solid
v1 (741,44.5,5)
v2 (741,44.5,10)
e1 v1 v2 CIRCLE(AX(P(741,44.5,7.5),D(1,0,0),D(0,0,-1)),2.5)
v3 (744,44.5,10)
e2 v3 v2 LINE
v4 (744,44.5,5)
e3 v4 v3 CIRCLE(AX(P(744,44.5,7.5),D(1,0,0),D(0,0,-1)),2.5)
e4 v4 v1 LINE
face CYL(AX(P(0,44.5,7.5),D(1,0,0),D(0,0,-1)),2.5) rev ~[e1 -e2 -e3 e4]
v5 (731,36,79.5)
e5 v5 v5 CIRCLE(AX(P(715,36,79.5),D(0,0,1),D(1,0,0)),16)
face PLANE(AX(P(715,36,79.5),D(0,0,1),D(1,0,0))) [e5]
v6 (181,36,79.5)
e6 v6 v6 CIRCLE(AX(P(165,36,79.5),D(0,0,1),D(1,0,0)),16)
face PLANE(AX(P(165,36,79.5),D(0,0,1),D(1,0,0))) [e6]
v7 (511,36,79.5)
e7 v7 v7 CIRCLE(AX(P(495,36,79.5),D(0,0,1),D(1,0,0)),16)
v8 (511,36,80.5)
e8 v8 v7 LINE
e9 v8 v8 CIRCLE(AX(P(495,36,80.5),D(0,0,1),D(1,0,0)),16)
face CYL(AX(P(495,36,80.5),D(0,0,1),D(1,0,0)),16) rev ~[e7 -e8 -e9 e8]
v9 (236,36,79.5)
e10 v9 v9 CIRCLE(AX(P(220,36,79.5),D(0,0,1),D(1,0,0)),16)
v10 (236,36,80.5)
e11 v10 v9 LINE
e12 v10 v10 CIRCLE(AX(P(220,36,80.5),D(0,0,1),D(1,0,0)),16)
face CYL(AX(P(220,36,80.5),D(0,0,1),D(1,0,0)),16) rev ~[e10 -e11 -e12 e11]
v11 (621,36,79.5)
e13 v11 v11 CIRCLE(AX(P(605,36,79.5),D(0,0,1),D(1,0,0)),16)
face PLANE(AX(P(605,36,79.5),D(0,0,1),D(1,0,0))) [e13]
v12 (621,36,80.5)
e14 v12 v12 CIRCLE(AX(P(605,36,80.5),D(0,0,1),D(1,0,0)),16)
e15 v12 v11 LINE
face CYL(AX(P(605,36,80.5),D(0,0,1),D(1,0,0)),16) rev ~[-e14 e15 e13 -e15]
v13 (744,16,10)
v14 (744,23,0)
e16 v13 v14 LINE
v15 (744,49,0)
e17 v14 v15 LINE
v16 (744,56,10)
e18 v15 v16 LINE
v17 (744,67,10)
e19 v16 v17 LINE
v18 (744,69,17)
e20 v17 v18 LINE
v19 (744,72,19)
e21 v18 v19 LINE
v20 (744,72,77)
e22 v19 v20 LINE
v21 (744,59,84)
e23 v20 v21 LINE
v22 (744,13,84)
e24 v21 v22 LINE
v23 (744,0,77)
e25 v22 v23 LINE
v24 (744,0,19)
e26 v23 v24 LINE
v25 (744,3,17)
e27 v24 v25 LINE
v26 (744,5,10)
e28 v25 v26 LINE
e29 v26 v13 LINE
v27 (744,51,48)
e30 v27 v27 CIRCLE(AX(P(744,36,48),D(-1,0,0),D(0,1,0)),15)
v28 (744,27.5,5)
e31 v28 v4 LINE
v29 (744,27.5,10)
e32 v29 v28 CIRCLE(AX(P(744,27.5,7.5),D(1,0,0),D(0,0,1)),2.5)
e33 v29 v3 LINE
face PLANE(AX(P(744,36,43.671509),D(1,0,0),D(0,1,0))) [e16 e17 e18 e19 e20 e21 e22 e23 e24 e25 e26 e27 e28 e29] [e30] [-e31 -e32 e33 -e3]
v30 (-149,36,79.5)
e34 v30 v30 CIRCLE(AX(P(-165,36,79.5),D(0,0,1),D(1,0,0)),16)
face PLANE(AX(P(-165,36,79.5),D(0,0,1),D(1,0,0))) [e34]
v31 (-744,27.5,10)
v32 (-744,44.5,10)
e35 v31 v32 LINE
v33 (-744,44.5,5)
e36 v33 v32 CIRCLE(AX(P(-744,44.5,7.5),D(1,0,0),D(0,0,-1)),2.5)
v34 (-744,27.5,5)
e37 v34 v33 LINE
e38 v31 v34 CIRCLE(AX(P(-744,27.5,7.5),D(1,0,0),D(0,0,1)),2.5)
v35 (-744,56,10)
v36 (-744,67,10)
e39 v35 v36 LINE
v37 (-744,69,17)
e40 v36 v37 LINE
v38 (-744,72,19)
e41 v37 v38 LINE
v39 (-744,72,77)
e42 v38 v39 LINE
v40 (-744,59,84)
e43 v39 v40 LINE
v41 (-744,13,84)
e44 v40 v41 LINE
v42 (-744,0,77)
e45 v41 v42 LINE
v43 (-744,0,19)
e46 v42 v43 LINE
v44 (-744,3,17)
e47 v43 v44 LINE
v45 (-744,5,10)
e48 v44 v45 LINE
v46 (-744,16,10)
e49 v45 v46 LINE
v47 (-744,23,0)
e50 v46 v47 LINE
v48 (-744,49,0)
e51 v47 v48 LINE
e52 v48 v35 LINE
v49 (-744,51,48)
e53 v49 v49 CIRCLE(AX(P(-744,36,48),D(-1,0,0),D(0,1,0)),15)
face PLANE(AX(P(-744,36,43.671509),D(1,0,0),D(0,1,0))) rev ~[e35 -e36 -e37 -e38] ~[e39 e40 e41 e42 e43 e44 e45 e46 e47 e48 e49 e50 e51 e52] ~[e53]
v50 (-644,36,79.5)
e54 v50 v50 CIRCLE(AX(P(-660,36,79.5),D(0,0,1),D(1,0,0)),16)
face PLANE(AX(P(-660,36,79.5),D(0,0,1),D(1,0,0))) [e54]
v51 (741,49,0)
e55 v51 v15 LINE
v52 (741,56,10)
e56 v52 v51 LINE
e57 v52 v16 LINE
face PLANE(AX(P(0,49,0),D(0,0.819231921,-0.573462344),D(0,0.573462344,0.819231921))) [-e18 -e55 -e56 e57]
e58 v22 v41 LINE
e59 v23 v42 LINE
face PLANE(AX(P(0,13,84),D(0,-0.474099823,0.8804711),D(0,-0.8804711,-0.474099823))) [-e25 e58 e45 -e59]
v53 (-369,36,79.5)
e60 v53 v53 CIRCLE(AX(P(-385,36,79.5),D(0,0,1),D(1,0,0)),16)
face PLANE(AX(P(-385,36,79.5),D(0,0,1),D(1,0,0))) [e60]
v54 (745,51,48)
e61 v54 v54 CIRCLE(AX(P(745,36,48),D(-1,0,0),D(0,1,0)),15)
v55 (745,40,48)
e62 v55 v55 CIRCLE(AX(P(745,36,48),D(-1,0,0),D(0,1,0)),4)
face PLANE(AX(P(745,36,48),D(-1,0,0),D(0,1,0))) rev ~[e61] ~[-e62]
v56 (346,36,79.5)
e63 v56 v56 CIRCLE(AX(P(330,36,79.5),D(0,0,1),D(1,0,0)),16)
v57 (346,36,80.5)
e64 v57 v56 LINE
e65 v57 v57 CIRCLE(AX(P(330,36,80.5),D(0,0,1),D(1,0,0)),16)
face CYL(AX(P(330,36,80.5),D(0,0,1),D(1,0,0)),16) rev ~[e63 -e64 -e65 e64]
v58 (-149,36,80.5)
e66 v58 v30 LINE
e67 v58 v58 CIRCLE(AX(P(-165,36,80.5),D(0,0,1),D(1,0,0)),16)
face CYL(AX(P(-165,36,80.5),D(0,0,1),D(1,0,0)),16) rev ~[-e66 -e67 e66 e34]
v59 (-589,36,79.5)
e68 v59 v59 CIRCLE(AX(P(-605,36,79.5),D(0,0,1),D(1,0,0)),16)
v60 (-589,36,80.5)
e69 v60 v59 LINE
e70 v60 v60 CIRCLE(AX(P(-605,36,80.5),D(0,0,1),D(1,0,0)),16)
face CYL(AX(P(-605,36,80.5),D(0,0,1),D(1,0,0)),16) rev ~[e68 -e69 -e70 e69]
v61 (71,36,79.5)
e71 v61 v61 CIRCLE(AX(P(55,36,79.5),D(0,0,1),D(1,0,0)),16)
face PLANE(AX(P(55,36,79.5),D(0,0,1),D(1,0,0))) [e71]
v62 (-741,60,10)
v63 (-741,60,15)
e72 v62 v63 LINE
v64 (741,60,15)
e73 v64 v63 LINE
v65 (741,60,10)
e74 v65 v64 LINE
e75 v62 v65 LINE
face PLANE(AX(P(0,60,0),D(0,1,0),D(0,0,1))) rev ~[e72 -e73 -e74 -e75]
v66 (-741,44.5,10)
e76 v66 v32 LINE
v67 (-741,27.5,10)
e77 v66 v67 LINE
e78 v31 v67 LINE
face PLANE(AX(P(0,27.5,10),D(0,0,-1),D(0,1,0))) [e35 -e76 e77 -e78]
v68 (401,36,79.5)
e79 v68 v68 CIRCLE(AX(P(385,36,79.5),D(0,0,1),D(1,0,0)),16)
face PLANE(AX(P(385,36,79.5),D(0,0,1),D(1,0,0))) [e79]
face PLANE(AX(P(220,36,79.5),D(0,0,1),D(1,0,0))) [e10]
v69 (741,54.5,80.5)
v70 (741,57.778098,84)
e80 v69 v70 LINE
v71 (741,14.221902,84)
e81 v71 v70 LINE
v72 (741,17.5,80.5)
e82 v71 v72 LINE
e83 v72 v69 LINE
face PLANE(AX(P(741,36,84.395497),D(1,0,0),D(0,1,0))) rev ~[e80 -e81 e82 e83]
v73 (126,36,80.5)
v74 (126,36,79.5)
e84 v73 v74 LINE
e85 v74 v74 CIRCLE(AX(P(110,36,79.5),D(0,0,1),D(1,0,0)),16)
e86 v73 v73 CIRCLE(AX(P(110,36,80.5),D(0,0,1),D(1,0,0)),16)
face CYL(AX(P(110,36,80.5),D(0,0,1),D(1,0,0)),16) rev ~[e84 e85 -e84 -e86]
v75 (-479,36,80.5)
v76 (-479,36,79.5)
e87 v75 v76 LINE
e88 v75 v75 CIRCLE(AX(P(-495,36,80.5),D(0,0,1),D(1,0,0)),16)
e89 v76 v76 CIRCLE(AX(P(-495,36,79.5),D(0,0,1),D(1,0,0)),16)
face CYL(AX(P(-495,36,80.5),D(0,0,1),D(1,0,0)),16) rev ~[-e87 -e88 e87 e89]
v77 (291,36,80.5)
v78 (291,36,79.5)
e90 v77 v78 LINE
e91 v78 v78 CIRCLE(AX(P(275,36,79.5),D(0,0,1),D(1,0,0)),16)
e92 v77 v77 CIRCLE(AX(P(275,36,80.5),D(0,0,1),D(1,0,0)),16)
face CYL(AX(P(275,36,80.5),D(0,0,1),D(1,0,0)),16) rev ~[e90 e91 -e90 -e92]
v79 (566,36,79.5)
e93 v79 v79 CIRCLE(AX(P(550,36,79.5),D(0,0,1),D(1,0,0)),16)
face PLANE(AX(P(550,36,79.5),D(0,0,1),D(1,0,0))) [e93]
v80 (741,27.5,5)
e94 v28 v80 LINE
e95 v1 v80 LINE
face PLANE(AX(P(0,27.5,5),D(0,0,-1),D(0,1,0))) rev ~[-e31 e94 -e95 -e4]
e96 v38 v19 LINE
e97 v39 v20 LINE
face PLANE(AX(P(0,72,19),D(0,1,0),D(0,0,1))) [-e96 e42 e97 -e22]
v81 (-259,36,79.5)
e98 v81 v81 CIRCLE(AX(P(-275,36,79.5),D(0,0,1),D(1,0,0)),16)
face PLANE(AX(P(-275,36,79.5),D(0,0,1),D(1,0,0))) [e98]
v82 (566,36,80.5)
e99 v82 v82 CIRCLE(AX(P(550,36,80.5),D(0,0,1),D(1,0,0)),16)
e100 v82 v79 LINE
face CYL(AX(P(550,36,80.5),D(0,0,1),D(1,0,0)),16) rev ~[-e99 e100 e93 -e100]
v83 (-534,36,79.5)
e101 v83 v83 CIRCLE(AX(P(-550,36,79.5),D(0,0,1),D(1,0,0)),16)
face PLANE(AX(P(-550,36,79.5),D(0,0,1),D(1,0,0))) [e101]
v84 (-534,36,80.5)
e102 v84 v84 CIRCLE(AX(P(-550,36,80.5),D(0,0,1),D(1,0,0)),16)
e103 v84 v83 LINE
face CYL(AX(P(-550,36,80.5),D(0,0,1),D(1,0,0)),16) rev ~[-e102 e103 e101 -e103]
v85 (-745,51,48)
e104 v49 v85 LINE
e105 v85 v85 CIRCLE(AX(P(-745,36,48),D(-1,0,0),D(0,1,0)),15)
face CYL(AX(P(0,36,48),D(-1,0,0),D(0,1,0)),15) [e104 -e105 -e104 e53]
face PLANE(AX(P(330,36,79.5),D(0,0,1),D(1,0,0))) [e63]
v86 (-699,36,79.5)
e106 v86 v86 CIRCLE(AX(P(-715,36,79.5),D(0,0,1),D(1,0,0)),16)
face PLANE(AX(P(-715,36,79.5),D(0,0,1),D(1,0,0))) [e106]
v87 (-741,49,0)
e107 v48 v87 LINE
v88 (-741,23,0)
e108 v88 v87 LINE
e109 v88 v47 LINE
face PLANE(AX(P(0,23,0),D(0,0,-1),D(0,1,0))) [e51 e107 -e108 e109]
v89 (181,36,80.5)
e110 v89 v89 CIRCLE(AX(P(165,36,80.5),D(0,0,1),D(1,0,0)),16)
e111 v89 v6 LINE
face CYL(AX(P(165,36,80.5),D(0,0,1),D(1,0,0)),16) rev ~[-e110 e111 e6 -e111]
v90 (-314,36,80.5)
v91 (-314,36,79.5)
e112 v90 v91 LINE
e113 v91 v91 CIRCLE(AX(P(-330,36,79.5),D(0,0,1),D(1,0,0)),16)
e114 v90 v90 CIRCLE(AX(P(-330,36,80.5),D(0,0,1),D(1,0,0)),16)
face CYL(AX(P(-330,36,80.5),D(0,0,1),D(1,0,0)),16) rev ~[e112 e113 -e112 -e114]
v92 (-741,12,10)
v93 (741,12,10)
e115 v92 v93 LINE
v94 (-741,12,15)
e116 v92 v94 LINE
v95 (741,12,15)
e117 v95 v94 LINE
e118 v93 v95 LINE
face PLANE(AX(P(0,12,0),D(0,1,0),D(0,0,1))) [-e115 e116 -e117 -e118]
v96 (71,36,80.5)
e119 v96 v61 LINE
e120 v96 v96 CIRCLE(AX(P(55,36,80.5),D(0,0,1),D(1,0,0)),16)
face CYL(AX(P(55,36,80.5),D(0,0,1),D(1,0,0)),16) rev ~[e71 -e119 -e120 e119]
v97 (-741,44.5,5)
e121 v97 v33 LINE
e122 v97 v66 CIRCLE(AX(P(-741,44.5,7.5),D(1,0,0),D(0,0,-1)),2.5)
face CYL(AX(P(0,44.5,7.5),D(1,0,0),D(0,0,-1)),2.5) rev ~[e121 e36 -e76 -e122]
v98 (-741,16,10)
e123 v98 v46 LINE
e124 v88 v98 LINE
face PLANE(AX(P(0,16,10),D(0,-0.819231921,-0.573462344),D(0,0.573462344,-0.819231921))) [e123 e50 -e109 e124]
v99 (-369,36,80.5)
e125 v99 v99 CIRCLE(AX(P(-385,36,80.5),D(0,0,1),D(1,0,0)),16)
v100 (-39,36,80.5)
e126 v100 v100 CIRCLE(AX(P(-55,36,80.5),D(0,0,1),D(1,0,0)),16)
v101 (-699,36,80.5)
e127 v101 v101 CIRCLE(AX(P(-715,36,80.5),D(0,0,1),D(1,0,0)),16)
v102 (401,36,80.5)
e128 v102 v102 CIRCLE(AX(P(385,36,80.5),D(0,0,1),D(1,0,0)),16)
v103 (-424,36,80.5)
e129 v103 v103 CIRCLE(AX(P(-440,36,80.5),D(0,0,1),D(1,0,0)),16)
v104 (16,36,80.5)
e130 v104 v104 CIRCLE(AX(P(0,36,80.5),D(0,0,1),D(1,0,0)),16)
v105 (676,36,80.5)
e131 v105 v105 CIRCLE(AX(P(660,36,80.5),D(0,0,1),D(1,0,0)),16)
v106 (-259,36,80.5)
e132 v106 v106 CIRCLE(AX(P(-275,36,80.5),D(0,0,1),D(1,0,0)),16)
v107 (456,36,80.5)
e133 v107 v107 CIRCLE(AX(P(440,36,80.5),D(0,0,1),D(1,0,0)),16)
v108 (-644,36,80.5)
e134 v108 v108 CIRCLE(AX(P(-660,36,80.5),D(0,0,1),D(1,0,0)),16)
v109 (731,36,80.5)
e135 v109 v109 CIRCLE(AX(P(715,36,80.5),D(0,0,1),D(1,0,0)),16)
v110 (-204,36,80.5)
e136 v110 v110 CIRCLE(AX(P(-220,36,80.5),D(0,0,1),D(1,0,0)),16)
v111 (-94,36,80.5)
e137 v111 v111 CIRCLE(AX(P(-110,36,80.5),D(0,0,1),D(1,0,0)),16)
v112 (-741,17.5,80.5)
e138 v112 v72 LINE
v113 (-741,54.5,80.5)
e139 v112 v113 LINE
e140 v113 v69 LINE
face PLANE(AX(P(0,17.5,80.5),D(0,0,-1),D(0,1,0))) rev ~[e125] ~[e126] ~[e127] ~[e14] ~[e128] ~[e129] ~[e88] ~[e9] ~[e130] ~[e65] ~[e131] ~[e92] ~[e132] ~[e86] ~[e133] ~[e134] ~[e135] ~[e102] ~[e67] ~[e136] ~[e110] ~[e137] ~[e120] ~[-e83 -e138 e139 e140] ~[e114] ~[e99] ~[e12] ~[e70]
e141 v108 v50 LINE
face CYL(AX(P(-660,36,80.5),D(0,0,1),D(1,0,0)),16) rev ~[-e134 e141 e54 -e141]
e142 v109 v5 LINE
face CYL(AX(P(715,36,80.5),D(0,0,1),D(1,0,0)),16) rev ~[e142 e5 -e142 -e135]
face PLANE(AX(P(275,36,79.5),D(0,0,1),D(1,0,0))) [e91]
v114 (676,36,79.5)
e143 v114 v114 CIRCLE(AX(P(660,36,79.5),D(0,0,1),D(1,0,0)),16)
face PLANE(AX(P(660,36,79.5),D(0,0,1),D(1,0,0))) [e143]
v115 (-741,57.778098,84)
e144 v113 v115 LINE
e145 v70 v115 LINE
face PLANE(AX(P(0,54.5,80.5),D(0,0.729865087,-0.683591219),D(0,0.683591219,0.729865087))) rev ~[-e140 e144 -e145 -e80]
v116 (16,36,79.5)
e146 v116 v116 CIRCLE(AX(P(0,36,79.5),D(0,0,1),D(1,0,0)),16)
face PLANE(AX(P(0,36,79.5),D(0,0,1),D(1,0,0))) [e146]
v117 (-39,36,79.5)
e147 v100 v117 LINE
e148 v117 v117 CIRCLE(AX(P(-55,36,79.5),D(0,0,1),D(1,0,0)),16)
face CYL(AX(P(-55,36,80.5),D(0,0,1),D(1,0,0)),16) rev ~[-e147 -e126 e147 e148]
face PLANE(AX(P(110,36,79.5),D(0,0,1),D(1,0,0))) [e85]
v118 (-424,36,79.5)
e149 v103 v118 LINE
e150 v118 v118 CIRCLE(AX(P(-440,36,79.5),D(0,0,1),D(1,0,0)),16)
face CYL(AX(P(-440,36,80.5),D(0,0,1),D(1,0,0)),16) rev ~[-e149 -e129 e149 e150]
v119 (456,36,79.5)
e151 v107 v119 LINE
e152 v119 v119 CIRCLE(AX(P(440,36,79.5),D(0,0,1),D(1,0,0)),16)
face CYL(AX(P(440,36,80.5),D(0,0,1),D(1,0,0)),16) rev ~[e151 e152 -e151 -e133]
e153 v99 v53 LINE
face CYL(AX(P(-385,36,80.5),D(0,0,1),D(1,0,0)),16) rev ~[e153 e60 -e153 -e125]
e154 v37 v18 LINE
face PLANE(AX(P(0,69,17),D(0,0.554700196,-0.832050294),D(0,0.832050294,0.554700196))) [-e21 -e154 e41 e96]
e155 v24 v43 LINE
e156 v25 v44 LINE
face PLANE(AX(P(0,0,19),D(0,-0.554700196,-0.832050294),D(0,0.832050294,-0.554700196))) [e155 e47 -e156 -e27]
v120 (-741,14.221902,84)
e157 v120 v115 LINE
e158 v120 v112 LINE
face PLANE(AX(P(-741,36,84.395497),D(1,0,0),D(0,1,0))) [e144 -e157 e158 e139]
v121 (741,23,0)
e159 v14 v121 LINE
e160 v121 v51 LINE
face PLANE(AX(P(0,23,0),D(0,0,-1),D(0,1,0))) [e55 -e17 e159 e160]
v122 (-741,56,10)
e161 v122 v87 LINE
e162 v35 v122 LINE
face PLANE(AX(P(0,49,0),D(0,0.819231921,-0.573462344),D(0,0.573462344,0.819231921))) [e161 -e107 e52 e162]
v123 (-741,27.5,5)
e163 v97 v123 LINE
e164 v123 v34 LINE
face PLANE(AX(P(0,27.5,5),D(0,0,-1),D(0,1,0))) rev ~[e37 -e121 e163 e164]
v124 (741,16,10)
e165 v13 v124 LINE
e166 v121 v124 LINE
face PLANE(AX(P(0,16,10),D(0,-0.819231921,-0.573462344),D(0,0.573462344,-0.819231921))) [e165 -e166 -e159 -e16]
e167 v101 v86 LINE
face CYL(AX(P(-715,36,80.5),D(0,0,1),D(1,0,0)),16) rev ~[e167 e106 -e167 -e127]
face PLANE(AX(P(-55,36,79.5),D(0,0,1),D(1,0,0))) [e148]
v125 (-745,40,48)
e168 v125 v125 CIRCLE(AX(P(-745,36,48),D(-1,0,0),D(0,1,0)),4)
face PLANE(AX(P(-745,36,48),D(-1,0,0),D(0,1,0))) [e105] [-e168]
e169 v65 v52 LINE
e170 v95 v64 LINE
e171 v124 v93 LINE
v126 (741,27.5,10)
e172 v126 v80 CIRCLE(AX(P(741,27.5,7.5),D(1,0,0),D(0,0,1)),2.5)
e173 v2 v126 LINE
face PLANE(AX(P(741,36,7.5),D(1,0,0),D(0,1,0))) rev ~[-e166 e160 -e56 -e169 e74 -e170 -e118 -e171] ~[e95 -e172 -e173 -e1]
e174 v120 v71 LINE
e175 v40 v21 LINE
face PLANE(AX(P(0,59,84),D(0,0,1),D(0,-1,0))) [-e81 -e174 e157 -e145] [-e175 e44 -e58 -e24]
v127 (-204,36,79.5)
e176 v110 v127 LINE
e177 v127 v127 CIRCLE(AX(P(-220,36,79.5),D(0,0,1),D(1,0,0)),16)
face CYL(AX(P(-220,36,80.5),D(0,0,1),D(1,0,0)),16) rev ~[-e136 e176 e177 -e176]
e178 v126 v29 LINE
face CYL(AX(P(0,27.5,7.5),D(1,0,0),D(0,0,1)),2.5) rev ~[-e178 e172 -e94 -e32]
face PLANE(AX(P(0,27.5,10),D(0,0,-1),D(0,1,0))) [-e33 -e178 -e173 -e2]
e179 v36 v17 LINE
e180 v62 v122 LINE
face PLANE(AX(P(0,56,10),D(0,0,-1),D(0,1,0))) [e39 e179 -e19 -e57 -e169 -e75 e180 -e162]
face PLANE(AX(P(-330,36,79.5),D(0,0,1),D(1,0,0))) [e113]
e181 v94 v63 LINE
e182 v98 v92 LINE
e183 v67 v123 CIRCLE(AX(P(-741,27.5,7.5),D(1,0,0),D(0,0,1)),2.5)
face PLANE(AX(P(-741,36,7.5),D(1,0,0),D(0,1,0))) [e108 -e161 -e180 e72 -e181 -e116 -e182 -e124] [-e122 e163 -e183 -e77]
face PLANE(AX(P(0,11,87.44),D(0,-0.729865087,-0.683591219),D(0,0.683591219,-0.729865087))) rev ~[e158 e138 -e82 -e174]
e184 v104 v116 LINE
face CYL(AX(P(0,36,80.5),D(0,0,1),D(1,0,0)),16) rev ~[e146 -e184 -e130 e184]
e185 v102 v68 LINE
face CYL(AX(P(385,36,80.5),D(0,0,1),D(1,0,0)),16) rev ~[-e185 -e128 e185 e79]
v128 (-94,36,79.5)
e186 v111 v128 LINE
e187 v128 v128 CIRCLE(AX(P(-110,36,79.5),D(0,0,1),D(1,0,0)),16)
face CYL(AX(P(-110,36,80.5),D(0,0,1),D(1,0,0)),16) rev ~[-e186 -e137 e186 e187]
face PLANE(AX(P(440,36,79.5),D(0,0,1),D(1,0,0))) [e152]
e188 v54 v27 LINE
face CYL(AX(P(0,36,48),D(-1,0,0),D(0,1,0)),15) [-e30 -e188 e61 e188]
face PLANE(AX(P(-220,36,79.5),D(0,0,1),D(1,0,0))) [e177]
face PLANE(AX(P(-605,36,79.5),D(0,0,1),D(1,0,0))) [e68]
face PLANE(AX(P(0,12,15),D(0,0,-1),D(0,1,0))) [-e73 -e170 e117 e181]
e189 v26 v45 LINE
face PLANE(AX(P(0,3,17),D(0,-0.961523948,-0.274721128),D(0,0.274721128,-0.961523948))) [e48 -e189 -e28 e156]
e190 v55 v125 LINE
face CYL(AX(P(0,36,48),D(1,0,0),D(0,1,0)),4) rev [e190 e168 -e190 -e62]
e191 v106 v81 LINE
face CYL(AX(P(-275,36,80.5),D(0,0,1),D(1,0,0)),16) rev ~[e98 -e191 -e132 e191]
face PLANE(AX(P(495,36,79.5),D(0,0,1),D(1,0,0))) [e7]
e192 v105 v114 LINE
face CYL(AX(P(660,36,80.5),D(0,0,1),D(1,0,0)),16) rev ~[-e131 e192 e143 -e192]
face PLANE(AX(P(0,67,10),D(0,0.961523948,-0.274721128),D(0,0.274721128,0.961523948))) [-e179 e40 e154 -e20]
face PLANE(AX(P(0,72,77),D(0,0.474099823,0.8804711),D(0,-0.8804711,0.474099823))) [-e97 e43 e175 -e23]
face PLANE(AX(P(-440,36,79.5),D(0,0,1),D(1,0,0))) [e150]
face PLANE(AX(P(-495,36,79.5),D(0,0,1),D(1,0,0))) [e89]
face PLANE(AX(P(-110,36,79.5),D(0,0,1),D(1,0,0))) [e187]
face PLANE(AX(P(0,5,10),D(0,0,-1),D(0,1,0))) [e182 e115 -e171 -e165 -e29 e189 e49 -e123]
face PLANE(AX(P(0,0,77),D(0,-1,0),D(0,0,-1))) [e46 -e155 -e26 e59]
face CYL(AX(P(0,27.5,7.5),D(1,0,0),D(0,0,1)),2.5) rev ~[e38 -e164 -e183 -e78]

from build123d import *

# Parameters (mm, degrees)
SKETCH_R        = 4
PAD_DEPTH       = 744
POCKET_DEPTH    = 741
SKETCH001_R     = 15
SKETCH001_R_2   = 4
PAD001_DEPTH    = 745
SKETCH003_R     = 16
POCKET001_DEPTH = 1
SKETCH004_W     = 48
SKETCH004_H     = 15
POCKET002_DEPTH = 741


with BuildPart() as part:
    # Sketch → Pad (new body, symmetric)
    with BuildSketch(Plane.YZ):
        Polygon((23, 0), (49, 0), (56, 10), (67, 10), (69, 17), (72, 19), (72, 77), (59, 84), (13, 84), (0, 77), (0, 19), (3, 17), (5, 10), (16, 10), align=None)
        with Locations((36, 48)):
            Circle(SKETCH_R, mode=Mode.SUBTRACT)
        with BuildLine():
            ThreePointArc((27.5, 10), (25, 7.5), (27.5, 5))
            Line((27.5, 5), (44.5, 5))
            ThreePointArc((44.5, 5), (47, 7.5), (44.5, 10))
            Line((27.5, 10), (44.5, 10))
        make_face(mode=Mode.SUBTRACT)
    extrude(amount=PAD_DEPTH, both=True)

    # Sketch002 → Pocket (cut, symmetric)
    with BuildSketch(Plane.YZ):
        Polygon((11, 87.44), (17.5, 80.5), (54.5, 80.5), (61, 87.44), align=None)
    extrude(amount=POCKET_DEPTH, both=True, mode=Mode.SUBTRACT)

    # Sketch001 → Pad001 (join, symmetric)
    with BuildSketch(Plane(origin=(0, 0, 0), x_dir=(0, 1, 0), z_dir=(-1, 0, 0))):
        with Locations((36, -48)):
            Circle(SKETCH001_R)
        with Locations((36, -48)):
            Circle(SKETCH001_R_2, mode=Mode.SUBTRACT)
    extrude(amount=PAD001_DEPTH, both=True)

    # Sketch003 (on Face29 of Pad001) → Pocket001 (cut)
    with BuildSketch(Plane.XY.offset(80.5)):
        with Locations((-715, 36)):
            Circle(SKETCH003_R)
        with Locations((-660, 36)):
            Circle(SKETCH003_R)
        with Locations((-605, 36)):
            Circle(SKETCH003_R)
        with Locations((-550, 36)):
            Circle(SKETCH003_R)
        with Locations((-495, 36)):
            Circle(SKETCH003_R)
        with Locations((-440, 36)):
            Circle(SKETCH003_R)
        with Locations((-385, 36)):
            Circle(SKETCH003_R)
        with Locations((-330, 36)):
            Circle(SKETCH003_R)
        with Locations((-275, 36)):
            Circle(SKETCH003_R)
        with Locations((-220, 36)):
            Circle(SKETCH003_R)
        with Locations((-165, 36)):
            Circle(SKETCH003_R)
        with Locations((-110, 36)):
            Circle(SKETCH003_R)
        with Locations((-55, 36)):
            Circle(SKETCH003_R)
        with Locations((0, 36)):
            Circle(SKETCH003_R)
        with Locations((55, 36)):
            Circle(SKETCH003_R)
        with Locations((110, 36)):
            Circle(SKETCH003_R)
        with Locations((165, 36)):
            Circle(SKETCH003_R)
        with Locations((220, 36)):
            Circle(SKETCH003_R)
        with Locations((275, 36)):
            Circle(SKETCH003_R)
        with Locations((330, 36)):
            Circle(SKETCH003_R)
        with Locations((385, 36)):
            Circle(SKETCH003_R)
        with Locations((440, 36)):
            Circle(SKETCH003_R)
        with Locations((495, 36)):
            Circle(SKETCH003_R)
        with Locations((550, 36)):
            Circle(SKETCH003_R)
        with Locations((605, 36)):
            Circle(SKETCH003_R)
        with Locations((660, 36)):
            Circle(SKETCH003_R)
        with Locations((715, 36)):
            Circle(SKETCH003_R)
    extrude(amount=-POCKET001_DEPTH, mode=Mode.SUBTRACT)

    # Sketch004 → Pocket002 (cut, symmetric)
    with BuildSketch(Plane.YZ):
        with Locations((36, 7.5)):
            Rectangle(SKETCH004_W, SKETCH004_H)
    extrude(amount=POCKET002_DEPTH, both=True, mode=Mode.SUBTRACT)


solid = part.part
